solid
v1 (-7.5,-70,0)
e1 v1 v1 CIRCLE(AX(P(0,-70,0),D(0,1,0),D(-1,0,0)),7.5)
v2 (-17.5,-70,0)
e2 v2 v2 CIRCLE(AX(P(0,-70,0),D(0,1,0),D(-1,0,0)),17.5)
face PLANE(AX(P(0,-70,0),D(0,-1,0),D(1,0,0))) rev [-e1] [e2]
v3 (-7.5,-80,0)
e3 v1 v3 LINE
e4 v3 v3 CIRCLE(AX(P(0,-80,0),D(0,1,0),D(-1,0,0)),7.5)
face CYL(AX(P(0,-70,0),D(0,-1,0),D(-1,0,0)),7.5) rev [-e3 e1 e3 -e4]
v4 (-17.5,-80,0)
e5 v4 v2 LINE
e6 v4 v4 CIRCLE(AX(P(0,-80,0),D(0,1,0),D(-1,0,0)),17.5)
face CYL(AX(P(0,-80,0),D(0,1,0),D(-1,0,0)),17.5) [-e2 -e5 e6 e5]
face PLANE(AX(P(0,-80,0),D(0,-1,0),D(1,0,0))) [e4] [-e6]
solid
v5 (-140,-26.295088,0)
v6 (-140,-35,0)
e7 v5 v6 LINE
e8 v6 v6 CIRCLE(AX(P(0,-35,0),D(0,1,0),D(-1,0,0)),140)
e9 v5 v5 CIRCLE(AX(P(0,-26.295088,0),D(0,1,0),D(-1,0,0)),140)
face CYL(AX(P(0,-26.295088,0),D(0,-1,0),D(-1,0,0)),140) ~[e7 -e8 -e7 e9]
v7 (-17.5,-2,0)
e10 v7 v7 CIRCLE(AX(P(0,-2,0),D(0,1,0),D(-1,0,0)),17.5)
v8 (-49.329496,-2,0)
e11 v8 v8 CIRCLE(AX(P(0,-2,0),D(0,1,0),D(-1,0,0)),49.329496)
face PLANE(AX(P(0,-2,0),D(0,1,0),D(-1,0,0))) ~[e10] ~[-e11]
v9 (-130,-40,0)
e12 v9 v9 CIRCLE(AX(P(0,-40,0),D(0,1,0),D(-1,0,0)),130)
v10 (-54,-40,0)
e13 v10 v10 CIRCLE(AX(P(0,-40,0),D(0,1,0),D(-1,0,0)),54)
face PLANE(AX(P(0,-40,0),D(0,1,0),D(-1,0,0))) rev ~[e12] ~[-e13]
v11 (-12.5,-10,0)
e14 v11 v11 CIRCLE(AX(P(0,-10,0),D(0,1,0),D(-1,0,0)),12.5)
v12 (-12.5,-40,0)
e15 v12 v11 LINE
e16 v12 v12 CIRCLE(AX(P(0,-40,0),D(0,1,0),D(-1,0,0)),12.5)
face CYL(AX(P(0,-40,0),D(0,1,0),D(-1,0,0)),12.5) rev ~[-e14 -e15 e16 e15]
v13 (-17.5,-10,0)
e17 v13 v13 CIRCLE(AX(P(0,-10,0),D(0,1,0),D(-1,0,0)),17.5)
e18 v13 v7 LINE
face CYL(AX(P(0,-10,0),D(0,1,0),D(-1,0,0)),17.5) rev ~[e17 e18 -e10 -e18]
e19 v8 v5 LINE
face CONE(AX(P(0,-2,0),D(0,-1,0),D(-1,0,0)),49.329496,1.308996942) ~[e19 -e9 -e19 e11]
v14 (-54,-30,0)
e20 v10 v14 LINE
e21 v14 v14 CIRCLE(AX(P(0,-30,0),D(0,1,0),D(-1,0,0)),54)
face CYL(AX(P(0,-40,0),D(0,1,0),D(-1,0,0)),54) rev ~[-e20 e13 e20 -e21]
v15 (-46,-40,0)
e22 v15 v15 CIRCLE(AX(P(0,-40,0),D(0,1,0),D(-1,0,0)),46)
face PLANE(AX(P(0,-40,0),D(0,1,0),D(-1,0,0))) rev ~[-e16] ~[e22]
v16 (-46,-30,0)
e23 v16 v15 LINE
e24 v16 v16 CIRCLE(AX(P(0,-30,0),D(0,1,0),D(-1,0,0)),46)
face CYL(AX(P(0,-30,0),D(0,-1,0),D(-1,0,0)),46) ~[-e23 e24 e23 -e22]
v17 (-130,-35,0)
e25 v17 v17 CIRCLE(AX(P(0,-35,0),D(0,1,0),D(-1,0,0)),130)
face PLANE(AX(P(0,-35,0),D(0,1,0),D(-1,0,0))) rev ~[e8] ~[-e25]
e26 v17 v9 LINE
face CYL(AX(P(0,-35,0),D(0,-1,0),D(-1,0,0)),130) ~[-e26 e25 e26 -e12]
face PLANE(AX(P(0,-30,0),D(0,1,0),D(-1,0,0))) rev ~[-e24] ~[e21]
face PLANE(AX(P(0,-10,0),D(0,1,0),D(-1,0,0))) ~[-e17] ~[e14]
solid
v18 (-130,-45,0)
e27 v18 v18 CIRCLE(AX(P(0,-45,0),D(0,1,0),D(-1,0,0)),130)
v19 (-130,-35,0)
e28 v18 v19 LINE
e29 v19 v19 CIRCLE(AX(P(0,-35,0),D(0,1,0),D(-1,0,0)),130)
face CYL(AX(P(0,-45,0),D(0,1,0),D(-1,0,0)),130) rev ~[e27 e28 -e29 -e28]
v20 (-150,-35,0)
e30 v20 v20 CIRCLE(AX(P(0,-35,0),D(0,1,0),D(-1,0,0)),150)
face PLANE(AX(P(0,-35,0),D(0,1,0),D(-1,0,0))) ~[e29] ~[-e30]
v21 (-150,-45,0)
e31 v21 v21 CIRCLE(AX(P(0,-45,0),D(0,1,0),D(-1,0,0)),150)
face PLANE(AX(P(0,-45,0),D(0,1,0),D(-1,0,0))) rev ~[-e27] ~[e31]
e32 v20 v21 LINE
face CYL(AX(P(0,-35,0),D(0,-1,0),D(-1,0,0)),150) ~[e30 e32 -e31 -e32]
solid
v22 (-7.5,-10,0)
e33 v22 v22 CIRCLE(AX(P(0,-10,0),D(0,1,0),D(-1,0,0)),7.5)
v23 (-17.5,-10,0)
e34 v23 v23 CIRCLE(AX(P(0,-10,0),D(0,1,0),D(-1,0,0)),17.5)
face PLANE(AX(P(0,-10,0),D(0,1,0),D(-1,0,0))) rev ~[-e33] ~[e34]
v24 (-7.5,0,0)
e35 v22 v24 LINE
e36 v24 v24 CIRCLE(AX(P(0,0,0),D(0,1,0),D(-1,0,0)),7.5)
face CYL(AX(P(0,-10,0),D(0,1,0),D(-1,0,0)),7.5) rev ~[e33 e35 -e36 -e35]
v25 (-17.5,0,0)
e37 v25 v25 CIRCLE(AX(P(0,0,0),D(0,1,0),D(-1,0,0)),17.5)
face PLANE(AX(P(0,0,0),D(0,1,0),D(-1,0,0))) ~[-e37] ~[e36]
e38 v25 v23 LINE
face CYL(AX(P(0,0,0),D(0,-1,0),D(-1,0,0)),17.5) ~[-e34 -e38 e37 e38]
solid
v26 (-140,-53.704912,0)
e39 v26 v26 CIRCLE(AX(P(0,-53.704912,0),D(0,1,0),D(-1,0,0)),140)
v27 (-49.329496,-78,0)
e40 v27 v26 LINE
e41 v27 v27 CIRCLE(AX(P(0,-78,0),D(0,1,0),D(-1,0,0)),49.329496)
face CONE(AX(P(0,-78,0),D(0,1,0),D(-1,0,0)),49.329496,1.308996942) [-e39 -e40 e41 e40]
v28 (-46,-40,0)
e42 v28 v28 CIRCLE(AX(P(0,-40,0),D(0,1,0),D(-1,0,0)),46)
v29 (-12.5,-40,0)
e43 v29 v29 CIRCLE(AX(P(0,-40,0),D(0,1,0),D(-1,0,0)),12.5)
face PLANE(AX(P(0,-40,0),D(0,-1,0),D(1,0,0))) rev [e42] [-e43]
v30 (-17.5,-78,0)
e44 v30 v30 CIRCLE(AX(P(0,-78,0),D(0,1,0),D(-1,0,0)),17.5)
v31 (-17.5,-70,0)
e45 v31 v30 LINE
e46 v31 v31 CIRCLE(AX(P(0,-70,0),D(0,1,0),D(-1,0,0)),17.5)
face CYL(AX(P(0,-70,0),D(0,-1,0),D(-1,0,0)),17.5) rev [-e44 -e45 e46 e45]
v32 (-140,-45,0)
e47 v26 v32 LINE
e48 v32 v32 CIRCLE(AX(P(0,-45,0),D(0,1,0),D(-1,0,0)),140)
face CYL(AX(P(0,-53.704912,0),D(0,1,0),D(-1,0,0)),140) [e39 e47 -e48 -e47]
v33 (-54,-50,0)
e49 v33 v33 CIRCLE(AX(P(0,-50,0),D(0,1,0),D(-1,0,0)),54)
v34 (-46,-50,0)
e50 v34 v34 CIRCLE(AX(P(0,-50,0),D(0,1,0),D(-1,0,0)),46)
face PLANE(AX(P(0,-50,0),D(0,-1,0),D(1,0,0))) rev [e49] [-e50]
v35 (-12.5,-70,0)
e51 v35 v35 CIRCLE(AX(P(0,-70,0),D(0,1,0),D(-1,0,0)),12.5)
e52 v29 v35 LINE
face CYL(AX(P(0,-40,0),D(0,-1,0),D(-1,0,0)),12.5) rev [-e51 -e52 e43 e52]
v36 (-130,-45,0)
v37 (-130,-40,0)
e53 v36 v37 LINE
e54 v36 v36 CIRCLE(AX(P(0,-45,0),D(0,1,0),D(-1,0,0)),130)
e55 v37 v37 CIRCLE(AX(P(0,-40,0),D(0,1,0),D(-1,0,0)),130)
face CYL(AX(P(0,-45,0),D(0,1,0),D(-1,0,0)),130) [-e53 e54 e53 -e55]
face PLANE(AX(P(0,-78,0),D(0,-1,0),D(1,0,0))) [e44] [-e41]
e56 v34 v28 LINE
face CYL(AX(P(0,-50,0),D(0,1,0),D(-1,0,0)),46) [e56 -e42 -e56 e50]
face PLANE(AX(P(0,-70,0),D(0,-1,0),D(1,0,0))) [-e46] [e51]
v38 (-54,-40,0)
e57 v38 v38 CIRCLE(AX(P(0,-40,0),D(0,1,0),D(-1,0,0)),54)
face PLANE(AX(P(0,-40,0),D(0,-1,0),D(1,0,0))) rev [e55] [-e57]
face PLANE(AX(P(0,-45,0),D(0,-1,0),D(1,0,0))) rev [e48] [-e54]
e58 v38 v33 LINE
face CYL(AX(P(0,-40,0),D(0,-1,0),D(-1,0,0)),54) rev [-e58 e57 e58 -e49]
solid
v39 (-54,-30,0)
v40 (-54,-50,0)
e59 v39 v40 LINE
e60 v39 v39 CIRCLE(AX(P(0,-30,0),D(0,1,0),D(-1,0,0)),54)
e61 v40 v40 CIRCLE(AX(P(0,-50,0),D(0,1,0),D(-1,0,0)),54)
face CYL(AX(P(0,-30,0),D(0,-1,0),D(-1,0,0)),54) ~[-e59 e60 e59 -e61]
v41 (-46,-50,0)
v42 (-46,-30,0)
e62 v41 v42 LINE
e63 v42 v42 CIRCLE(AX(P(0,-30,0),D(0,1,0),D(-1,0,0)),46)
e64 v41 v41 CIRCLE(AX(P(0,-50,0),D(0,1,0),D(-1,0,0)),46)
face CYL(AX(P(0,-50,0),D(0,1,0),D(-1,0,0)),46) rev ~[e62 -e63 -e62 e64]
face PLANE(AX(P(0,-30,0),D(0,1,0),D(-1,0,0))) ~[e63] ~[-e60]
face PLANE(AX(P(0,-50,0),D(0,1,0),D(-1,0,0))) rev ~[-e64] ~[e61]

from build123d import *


with BuildPart() as f1:
    # F0 (on Top) → F1 (revolve)
    with BuildSketch(Plane.XY):
        Polygon((-140, -26.295088), (-140, -35), (-130, -35), (-130, -40), (-54, -40), (-54, -30), (-46, -30), (-46, -40), (-12.5, -40), (-12.5, -10), (-17.5, -10), (-17.5, -2), (-49.329496, -2), align=None)
    revolve(axis=Axis((0, -27.422881, 0), (0, 1, 0)))


with BuildPart() as f2:
    # F0 (on Top) → F2 (revolve)
    with BuildSketch(Plane.XY):
        Polygon((-140, -35), (-150, -35), (-150, -45), (-130, -45), (-130, -40), (-130, -35), align=None)
    revolve(axis=Axis((0, -27.422881, 0), (0, 1, 0)))


with BuildPart() as f3:
    # F0 (on Top) → F3 (revolve)
    with BuildSketch(Plane.XY):
        Polygon((-17.5, 0), (-17.5, -2), (-17.5, -10), (-12.5, -10), (-7.5, -10), (-7.5, 0), align=None)
    revolve(axis=Axis((0, -27.422881, 0), (0, 1, 0)))


with BuildPart() as f5:
    # F0 (on Top) → F5 (revolve)
    with BuildSketch(Plane.XY):
        Polygon((-54, -30), (-54, -40), (-54, -50), (-46, -50), (-46, -40), (-46, -30), align=None)
    revolve(axis=Axis((0, -27.422881, 0), (0, 1, 0)))


with BuildPart() as f6_1:
    # F6: instance of F1
    add(f1.part.mirror(Plane.XZ.offset(40)))


with BuildPart() as f6_2:
    # F6: instance of F3
    add(f3.part.mirror(Plane.XZ.offset(40)))


solid = Compound([f1.part, f2.part, f3.part, f5.part, f6_1.part, f6_2.part])
